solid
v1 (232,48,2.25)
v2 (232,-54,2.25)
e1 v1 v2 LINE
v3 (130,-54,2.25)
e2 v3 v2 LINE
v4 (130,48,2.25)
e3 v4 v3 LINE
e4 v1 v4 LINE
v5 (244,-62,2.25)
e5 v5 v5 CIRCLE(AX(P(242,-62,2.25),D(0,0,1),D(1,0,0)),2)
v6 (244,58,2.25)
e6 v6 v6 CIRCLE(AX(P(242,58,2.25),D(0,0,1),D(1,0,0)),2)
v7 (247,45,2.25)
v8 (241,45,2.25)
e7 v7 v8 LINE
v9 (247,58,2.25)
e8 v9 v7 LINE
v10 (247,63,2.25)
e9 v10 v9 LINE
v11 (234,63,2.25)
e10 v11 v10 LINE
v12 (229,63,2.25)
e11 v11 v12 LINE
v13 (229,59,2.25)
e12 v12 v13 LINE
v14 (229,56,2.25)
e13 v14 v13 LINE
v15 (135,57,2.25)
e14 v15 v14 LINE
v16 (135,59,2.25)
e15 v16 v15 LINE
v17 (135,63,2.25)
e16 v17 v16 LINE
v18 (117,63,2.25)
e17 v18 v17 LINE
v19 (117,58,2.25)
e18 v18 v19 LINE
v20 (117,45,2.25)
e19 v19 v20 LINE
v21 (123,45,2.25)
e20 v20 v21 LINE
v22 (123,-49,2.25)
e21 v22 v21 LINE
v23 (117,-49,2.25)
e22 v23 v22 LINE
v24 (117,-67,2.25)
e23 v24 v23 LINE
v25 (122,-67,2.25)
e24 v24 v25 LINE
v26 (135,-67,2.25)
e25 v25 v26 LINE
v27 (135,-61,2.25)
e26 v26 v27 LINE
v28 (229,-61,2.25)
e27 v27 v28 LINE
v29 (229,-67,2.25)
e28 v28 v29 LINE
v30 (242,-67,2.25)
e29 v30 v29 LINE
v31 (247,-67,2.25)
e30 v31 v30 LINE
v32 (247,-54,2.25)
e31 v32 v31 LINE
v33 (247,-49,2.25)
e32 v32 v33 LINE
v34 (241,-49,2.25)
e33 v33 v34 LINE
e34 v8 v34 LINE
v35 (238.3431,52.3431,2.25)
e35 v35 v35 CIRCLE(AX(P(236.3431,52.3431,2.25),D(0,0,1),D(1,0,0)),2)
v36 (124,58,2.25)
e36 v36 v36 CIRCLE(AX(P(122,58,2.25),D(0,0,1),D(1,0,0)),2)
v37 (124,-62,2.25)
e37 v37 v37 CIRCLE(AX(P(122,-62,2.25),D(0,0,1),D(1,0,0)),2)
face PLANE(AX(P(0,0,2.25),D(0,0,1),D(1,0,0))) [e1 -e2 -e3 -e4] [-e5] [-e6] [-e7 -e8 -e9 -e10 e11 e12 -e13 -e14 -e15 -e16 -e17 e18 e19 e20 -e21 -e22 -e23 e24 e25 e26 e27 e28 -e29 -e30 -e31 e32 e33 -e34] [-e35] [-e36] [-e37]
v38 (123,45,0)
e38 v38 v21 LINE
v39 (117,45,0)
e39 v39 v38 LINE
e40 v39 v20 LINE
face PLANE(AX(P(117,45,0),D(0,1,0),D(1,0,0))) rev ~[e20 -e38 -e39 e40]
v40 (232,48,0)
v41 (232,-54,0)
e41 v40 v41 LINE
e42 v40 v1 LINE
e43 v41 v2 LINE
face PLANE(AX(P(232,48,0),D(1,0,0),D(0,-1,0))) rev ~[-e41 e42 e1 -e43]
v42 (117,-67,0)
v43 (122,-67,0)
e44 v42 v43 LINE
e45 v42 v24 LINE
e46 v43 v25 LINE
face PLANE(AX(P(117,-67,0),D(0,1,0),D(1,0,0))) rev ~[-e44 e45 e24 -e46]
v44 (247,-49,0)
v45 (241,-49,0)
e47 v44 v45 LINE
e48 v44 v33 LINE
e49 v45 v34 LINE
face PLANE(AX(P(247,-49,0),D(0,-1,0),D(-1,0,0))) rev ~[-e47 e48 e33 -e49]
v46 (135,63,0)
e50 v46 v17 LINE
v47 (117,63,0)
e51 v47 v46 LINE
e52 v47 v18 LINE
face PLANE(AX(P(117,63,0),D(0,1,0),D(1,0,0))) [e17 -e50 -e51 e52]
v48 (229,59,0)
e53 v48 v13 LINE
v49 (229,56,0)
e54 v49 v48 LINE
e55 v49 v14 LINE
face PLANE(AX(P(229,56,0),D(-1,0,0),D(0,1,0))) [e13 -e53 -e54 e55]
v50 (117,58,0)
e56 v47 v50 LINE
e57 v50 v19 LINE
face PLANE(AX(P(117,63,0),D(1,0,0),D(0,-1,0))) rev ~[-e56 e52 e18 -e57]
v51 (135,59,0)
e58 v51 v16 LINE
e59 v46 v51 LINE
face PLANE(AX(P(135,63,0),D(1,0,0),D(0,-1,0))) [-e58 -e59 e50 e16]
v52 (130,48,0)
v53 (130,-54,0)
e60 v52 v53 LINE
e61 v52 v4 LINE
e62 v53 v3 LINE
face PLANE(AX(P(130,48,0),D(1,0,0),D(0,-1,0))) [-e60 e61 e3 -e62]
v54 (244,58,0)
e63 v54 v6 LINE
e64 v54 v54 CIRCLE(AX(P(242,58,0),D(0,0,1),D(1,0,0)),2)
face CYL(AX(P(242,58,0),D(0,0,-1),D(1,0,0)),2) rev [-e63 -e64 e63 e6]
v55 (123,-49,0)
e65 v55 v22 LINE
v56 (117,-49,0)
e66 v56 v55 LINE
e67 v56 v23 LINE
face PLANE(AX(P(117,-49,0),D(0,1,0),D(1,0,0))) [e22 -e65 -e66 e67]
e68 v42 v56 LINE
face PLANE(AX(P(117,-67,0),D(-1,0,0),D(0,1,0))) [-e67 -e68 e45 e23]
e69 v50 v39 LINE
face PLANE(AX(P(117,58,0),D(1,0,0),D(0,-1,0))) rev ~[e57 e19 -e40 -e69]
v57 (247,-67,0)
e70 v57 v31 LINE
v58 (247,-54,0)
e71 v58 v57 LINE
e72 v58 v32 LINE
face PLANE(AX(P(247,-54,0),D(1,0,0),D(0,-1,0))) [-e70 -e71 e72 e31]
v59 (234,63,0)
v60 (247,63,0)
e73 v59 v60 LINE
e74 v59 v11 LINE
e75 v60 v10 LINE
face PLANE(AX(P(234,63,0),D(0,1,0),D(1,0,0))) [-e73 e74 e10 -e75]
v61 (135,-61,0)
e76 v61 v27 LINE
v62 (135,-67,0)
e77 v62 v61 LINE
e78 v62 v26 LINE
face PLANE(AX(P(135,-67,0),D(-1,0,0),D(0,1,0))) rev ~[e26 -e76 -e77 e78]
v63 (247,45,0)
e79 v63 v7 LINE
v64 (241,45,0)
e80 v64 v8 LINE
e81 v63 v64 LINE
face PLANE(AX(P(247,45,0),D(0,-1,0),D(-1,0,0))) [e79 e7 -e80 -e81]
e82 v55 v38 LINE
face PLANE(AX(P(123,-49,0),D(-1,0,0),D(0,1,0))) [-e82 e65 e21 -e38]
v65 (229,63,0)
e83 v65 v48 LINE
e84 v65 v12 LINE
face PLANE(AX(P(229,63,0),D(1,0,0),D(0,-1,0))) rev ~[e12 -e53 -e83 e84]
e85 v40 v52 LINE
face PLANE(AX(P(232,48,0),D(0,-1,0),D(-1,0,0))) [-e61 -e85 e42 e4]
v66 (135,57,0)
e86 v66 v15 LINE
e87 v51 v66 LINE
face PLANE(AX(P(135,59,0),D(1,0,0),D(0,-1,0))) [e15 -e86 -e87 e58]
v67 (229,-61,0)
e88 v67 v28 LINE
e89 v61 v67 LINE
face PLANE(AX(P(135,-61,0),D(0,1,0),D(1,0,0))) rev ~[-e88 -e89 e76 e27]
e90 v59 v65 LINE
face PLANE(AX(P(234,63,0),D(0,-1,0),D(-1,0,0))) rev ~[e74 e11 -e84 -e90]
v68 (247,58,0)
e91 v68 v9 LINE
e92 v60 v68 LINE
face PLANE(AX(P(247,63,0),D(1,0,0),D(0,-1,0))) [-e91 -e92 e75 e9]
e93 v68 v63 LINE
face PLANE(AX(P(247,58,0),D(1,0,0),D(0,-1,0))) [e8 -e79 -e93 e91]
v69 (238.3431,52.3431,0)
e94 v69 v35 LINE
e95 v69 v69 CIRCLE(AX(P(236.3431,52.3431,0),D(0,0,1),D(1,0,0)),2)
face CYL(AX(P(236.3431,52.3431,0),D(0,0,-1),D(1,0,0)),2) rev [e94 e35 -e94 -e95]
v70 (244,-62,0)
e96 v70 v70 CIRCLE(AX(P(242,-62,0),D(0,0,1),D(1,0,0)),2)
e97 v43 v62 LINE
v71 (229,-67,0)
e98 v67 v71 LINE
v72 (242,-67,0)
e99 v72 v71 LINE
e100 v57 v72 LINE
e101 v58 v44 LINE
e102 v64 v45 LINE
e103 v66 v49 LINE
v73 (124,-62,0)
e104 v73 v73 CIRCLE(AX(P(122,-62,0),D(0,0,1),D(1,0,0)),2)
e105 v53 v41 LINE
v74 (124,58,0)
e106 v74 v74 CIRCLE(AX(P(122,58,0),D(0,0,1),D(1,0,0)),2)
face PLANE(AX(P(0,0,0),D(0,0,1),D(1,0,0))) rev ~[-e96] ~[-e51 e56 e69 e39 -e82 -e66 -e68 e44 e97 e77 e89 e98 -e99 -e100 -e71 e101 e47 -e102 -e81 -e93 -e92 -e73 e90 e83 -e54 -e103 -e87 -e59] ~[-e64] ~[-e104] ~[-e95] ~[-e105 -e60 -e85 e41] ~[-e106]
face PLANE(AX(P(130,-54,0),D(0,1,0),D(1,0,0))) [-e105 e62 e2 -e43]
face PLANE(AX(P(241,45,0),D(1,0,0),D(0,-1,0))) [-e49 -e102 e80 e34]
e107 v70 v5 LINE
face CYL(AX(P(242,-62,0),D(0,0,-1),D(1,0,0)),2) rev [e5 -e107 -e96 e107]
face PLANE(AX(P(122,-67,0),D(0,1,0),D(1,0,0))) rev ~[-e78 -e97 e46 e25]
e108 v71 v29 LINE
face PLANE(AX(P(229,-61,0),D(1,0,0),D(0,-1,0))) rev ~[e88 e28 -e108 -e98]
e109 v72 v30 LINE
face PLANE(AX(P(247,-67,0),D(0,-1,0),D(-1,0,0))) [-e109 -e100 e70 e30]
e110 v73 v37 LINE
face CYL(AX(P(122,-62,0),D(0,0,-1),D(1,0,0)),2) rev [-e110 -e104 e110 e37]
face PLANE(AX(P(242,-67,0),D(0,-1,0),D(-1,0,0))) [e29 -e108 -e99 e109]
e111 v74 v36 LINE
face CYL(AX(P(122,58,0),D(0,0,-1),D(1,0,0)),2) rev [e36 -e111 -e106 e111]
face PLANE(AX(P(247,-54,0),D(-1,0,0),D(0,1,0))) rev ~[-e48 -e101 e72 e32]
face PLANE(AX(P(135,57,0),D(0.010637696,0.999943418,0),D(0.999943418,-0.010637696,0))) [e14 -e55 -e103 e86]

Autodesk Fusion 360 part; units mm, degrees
sketch "polarizer frame" plane through (0, 0, 0) normal (0, 0, 1) x (1, 0, 0)
  line L0 (130, 48) -> (130, -54)
  line L1 (130, -54) -> (232, -54)
  line L2 (234, 63) -> (247, 63)
  line L3 (247, -54) -> (247, -67)
  line L4 (117, 63) -> (117, 58)
  circle A0 centre (122, 58) radius 2
  line L5 (247, 63) -> (247, 58)
  circle A1 centre (242, 58) radius 2
  line L6 (247, -67) -> (242, -67)
  circle A2 centre (242, -62) radius 2
  line L7 (117, -67) -> (122, -67)
  circle A3 centre (122, -62) radius 2
  circle A4 centre (236.3431, 52.3431) radius 2
  line L8 (232, 48) -> (232, -54)
  line L9 (232, 48) -> (130, 48)
  line L10 (135, 63) -> (135, 59)
  line L11 (247, 63) -> (229, 63)
  line L12 (229, 63) -> (229, 59)
  line L13 (135, 59) -> (135, 57)
  line L14 (135, 57) -> (229, 56)
  line L15 (229, 56) -> (229, 59)
  line L16 (117, 63) -> (135, 63)
  line L17 (229, 63) -> (247, 63)
  line L18 (117, 63) -> (117, 45)
  line L19 (117, 45) -> (123, 45)
  line L20 (117, -67) -> (117, -49)
  line L21 (117, -49) -> (123, -49)
  line L22 (123, -49) -> (123, 45)
  line L23 (117, -67) -> (117, -49)
  line L24 (117, 45) -> (117, 63)
  line L25 (247, 63) -> (247, 45)
  line L26 (247, -67) -> (247, -49)
  line L27 (247, -49) -> (241, -49)
  line L28 (247, 45) -> (241, 45)
  line L29 (241, 45) -> (241, -49)
  line L30 (247, 63) -> (247, 45)
  line L31 (247, -49) -> (247, -54)
  line L32 (117, -67) -> (135, -67)
  line L33 (247, -67) -> (229, -67)
  line L34 (135, -67) -> (135, -61)
  line L35 (135, -61) -> (229, -61)
  line L36 (229, -61) -> (229, -67)
  line L37 (247, -67) -> (229, -67)
  line L38 (135, -67) -> (117, -67)
  dimension "d21" = 13
  dimension "d22" = 13
  dimension "d23" = 130
  dimension "d24" = 130
  dimension "d25" = 5
  dimension "d26" = 4
  dimension "d27" = 5
  dimension "d28" = 5
  dimension "d29" = 4
  dimension "d30" = 4
  dimension "d31" = 4
  dimension "d43" = 8
  dimension "d44" = 4
  dimension "d47" = 18
  dimension "d48" = 4
  dimension "d49" = 18
  dimension "d50" = 18
  dimension "d51" = 6
  dimension "d52" = 18
  dimension "d53" = 18
  dimension "d54" = 6
  dimension "d55" = 6
  dimension "d56" = 18
  dimension "d57" = 18
  dimension "d58" = 6
extrude "Extrude7" add sketch "polarizer frame" along normal blind 2.25
